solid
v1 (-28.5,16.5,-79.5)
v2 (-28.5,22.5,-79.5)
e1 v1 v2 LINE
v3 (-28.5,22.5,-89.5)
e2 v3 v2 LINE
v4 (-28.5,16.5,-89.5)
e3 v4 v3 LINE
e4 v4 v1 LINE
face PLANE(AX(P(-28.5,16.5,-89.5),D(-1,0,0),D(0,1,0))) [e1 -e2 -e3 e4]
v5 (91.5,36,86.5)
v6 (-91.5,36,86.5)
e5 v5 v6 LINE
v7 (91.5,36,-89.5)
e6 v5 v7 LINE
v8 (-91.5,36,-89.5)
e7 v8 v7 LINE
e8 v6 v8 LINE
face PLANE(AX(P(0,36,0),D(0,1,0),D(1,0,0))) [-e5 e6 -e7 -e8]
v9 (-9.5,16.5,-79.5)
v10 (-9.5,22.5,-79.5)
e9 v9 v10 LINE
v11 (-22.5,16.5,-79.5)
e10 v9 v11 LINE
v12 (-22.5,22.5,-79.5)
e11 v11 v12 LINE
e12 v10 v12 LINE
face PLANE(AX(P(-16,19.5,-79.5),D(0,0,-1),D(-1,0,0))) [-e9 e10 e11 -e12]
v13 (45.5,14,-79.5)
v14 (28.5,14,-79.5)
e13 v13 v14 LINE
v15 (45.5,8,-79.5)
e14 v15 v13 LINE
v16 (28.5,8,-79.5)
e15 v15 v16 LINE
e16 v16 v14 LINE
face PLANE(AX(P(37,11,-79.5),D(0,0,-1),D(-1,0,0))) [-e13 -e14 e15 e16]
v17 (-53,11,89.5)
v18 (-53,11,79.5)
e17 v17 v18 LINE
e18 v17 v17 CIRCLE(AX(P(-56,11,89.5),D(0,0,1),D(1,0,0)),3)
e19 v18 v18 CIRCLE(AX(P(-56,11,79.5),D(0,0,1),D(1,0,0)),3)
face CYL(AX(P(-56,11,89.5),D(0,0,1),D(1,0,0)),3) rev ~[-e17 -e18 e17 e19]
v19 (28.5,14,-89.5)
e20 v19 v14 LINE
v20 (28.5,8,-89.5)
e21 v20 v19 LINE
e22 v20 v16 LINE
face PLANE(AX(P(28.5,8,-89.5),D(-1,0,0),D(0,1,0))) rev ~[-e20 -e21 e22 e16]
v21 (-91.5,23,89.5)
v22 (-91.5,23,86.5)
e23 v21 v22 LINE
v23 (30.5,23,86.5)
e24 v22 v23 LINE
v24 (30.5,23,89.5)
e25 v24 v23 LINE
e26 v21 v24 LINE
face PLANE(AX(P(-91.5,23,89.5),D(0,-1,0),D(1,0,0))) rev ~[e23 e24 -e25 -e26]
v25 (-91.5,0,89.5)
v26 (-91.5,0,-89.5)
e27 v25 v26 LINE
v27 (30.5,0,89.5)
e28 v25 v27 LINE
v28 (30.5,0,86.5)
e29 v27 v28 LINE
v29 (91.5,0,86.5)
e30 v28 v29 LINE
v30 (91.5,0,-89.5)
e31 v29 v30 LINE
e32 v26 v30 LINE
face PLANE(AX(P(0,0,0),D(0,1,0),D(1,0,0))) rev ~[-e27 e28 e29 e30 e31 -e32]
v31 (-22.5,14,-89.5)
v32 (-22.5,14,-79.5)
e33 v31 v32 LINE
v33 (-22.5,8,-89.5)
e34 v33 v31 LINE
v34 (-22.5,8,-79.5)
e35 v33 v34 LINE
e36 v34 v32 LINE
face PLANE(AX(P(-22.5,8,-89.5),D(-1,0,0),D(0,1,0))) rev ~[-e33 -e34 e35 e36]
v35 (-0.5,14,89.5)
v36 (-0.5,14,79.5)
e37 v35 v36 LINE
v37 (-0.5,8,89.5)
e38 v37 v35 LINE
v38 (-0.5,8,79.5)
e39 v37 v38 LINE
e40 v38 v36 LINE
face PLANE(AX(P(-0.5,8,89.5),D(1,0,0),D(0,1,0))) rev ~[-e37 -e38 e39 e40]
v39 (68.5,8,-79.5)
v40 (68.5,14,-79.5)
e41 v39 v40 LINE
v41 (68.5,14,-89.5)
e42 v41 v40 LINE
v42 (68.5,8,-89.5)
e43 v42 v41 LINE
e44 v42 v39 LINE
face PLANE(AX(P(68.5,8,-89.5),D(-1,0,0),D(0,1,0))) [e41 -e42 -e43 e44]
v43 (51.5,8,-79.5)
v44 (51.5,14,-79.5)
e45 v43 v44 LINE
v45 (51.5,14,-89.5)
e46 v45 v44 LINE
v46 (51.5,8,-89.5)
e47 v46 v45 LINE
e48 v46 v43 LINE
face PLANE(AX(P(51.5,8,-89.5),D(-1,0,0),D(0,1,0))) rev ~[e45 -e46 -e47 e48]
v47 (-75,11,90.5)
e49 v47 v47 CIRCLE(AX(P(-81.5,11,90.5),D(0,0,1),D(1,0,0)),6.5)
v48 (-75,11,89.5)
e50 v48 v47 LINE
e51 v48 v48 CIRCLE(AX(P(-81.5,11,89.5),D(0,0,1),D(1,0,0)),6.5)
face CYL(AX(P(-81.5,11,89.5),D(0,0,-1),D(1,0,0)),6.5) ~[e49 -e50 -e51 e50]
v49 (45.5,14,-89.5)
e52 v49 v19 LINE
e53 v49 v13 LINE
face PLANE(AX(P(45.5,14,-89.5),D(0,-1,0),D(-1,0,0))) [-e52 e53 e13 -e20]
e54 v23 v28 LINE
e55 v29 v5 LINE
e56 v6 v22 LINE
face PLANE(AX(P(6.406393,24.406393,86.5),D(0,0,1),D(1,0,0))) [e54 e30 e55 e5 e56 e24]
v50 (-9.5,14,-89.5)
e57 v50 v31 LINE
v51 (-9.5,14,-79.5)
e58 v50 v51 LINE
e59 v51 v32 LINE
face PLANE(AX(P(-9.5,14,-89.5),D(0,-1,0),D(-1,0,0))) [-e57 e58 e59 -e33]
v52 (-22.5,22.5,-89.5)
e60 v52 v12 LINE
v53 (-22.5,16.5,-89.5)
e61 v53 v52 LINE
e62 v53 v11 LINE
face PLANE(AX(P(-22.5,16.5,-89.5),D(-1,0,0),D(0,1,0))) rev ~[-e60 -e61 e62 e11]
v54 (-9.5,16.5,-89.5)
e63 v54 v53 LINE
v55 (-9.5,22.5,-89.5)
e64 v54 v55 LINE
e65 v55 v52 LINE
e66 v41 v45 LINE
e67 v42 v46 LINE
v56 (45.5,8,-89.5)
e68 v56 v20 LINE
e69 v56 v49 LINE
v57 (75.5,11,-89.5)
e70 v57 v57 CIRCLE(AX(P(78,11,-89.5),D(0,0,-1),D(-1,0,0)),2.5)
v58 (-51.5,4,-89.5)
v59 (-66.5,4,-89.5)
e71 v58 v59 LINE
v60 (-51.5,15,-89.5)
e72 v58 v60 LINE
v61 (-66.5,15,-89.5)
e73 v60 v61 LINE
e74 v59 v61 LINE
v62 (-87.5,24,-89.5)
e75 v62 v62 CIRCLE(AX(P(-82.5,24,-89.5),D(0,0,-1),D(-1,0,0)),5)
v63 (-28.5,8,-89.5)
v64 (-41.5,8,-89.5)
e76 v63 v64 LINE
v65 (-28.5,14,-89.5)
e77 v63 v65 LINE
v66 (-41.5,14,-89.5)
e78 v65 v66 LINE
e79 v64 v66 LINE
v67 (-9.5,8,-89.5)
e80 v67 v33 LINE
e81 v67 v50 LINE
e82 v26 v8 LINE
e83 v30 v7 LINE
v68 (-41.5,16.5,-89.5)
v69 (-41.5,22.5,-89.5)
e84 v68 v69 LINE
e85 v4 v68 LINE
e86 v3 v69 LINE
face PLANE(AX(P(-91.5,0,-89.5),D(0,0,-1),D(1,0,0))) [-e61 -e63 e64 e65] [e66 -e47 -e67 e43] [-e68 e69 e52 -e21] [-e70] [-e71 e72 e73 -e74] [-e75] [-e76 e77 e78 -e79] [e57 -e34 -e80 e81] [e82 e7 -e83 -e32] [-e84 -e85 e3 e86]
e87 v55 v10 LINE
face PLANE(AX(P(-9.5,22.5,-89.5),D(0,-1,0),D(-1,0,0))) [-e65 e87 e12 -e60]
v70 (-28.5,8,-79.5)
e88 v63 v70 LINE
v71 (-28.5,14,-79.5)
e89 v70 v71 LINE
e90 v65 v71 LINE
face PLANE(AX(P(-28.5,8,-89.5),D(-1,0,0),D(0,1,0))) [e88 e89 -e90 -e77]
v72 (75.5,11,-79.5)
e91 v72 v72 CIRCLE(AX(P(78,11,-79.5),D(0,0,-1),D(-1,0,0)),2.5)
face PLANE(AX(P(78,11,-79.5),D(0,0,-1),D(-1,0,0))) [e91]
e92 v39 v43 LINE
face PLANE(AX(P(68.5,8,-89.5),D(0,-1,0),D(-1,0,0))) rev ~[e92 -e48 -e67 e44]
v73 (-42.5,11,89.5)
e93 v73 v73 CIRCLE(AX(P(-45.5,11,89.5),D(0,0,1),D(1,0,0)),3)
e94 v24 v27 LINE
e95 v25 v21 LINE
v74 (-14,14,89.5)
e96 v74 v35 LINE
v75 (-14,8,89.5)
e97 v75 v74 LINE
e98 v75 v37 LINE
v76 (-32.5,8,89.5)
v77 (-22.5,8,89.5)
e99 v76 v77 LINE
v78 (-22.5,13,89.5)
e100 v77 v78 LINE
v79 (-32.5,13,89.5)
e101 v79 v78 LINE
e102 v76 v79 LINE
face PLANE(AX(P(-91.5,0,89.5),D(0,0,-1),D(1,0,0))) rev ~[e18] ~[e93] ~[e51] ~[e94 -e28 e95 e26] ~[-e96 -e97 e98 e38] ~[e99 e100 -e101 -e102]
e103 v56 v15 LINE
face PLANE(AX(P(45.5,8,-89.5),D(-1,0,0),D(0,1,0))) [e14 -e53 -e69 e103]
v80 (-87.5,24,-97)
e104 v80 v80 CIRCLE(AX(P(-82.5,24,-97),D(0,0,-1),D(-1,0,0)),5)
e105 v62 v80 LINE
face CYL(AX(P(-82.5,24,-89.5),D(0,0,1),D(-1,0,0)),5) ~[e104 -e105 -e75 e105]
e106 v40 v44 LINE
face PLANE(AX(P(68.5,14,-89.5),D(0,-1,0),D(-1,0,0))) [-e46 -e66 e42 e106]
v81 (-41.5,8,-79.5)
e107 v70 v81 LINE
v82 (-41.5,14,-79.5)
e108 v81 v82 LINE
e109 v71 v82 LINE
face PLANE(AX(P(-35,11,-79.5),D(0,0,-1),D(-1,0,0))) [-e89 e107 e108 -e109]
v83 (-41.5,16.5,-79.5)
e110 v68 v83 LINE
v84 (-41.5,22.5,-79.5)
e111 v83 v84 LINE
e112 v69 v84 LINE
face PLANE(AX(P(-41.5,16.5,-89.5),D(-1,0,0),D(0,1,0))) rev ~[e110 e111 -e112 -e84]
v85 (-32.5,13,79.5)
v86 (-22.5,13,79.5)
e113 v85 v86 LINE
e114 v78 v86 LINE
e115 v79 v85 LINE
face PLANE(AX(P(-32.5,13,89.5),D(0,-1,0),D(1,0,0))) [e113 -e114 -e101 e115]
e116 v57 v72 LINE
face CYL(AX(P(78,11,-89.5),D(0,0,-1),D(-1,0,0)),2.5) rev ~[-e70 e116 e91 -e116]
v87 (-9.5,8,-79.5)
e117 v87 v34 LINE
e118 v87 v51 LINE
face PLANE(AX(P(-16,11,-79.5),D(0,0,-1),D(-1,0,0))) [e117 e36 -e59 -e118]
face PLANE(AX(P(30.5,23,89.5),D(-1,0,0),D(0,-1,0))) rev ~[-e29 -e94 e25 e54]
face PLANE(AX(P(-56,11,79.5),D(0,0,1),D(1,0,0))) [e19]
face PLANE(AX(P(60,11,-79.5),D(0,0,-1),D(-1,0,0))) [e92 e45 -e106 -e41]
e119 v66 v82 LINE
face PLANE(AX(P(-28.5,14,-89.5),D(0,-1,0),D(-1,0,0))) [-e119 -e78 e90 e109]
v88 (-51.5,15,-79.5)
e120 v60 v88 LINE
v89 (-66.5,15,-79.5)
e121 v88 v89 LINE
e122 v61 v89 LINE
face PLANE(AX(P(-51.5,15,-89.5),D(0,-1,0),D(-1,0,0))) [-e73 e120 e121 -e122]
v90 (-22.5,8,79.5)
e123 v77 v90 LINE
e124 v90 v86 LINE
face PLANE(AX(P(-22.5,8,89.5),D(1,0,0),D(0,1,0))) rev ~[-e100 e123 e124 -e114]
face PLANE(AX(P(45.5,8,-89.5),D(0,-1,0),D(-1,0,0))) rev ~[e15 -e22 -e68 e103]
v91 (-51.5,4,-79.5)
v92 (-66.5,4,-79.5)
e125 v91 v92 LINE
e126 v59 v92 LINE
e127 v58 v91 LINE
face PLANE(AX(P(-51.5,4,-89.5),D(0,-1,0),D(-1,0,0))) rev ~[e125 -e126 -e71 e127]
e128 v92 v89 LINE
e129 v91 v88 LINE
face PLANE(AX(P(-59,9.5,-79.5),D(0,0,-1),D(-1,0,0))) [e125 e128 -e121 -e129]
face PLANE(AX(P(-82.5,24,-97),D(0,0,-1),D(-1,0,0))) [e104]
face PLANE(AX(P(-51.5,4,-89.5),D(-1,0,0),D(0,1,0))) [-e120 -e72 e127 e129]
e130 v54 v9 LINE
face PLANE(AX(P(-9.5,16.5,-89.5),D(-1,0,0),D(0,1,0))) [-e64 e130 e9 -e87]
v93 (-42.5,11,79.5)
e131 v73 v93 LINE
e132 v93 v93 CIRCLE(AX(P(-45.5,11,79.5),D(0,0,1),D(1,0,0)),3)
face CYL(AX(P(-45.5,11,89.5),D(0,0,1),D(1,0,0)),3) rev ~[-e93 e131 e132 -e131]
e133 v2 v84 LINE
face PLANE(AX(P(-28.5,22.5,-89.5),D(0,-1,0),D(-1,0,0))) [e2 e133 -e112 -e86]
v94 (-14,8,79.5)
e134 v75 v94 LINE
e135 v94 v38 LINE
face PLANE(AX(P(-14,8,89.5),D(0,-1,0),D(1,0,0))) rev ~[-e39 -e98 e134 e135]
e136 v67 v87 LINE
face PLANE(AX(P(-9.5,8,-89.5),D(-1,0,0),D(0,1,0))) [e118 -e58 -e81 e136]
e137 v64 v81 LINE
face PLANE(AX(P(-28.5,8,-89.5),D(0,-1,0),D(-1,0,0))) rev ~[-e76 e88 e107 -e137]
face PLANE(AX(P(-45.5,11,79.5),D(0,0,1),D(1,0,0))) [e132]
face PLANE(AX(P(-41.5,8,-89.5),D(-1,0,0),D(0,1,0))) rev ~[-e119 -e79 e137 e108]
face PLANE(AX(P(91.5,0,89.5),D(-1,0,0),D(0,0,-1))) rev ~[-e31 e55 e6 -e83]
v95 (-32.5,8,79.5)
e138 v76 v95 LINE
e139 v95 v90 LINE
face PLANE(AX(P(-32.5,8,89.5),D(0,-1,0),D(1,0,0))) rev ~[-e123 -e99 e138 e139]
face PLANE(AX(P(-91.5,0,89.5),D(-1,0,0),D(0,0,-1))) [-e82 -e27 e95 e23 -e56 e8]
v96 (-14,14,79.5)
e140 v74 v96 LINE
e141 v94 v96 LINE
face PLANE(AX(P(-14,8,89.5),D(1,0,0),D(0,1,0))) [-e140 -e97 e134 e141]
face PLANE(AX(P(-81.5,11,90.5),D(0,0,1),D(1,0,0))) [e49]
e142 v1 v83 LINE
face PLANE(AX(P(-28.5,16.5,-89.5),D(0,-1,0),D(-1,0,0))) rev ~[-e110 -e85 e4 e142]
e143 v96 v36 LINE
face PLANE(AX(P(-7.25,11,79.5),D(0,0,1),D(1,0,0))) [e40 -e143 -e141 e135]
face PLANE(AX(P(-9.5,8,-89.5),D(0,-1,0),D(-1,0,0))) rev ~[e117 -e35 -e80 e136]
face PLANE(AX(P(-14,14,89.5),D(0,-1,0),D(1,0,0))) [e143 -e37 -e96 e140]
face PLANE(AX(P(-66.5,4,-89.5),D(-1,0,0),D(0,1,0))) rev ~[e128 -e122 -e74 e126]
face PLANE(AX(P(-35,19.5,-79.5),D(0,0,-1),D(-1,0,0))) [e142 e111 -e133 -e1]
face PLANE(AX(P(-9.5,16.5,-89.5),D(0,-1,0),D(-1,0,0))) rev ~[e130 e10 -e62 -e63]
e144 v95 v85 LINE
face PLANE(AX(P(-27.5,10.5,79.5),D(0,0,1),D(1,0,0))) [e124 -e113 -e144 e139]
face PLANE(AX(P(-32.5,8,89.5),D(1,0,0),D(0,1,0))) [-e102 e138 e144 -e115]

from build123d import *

# Parameters (mm, degrees)
SKETCH_1_W          = 183
SKETCH_1_H          = 179
EXTRUDE_1_DEPTH     = 36
CUT_EXTRUDE_1_DEPTH = 3
SKETCH_3_R          = 3
SKETCH_3_W          = 10
SKETCH_3_H          = 5
SKETCH_3_W_2        = 13.5
SKETCH_3_H_2        = 6
CUT_EXTRUDE_2_DEPTH = 10
SKETCH_4_R          = 6.5
EXTRUDE_2_DEPTH     = 1
SKETCH_5_R          = 2.5
SKETCH_5_W          = 17
SKETCH_5_H          = 6
SKETCH_5_W_2        = 13
SKETCH_5_W_3        = 15
SKETCH_5_H_2        = 11
CUT_EXTRUDE_3_DEPTH = 10
SKETCH_6_R          = 5
EXTRUDE_3_DEPTH     = 7.5


with BuildPart() as part:
    # 草图1 → 凸台-拉伸1 (new body)
    with BuildSketch(Plane(origin=(0, 0, 0), x_dir=(1, 0, 0), z_dir=(0, 1, 0))):
        Rectangle(SKETCH_1_W, SKETCH_1_H)
    extrude(amount=EXTRUDE_1_DEPTH)

    # 草图2 → 切除-拉伸1 (cut)
    with BuildSketch(Plane.XY.offset(89.5)):
        Polygon((-91.5, 36), (-91.5, 23), (30.5, 23), (30.5, 0), (91.5, 0), (91.5, 36), align=None)
    extrude(amount=-CUT_EXTRUDE_1_DEPTH, mode=Mode.SUBTRACT)

    # 草图3 → 切除-拉伸2 (cut)
    with BuildSketch(Plane.XY.offset(89.5)):
        with Locations((-56, 11)):
            Circle(SKETCH_3_R)
        with Locations((-45.5, 11)):
            Circle(SKETCH_3_R)
        with Locations((-27.5, 10.5)):
            Rectangle(SKETCH_3_W, SKETCH_3_H)
        with Locations((-7.25, 11)):
            Rectangle(SKETCH_3_W_2, SKETCH_3_H_2)
    extrude(amount=-CUT_EXTRUDE_2_DEPTH, mode=Mode.SUBTRACT)

    # 草图4 → 凸台-拉伸2 (add)
    with BuildSketch(Plane.XY.offset(89.5)):
        with Locations((-81.5, 11)):
            Circle(SKETCH_4_R)
    extrude(amount=EXTRUDE_2_DEPTH)

    # 草图5 → 切除-拉伸3 (cut)
    with BuildSketch(Plane(origin=(0, 0, -89.5), x_dir=(-1, 0, 0), z_dir=(0, 0, -1))):
        with Locations((-78, 11)):
            Circle(SKETCH_5_R)
        with Locations((-60, 11)):
            Rectangle(SKETCH_5_W, SKETCH_5_H)
        with Locations((-37, 11)):
            Rectangle(SKETCH_5_W, SKETCH_5_H)
        with Locations((16, 19.5)):
            Rectangle(SKETCH_5_W_2, SKETCH_5_H)
        with Locations((35, 19.5)):
            Rectangle(SKETCH_5_W_2, SKETCH_5_H)
        with Locations((16, 11)):
            Rectangle(SKETCH_5_W_2, SKETCH_5_H)
        with Locations((35, 11)):
            Rectangle(SKETCH_5_W_2, SKETCH_5_H)
        with Locations((59, 9.5)):
            Rectangle(SKETCH_5_W_3, SKETCH_5_H_2)
    extrude(amount=-CUT_EXTRUDE_3_DEPTH, mode=Mode.SUBTRACT)

    # 草图6 → 凸台-拉伸3 (add)
    with BuildSketch(Plane(origin=(0, 0, -89.5), x_dir=(-1, 0, 0), z_dir=(0, 0, -1))):
        with Locations((82.5, 24)):
            Circle(SKETCH_6_R)
    extrude(amount=EXTRUDE_3_DEPTH)


solid = part.part
